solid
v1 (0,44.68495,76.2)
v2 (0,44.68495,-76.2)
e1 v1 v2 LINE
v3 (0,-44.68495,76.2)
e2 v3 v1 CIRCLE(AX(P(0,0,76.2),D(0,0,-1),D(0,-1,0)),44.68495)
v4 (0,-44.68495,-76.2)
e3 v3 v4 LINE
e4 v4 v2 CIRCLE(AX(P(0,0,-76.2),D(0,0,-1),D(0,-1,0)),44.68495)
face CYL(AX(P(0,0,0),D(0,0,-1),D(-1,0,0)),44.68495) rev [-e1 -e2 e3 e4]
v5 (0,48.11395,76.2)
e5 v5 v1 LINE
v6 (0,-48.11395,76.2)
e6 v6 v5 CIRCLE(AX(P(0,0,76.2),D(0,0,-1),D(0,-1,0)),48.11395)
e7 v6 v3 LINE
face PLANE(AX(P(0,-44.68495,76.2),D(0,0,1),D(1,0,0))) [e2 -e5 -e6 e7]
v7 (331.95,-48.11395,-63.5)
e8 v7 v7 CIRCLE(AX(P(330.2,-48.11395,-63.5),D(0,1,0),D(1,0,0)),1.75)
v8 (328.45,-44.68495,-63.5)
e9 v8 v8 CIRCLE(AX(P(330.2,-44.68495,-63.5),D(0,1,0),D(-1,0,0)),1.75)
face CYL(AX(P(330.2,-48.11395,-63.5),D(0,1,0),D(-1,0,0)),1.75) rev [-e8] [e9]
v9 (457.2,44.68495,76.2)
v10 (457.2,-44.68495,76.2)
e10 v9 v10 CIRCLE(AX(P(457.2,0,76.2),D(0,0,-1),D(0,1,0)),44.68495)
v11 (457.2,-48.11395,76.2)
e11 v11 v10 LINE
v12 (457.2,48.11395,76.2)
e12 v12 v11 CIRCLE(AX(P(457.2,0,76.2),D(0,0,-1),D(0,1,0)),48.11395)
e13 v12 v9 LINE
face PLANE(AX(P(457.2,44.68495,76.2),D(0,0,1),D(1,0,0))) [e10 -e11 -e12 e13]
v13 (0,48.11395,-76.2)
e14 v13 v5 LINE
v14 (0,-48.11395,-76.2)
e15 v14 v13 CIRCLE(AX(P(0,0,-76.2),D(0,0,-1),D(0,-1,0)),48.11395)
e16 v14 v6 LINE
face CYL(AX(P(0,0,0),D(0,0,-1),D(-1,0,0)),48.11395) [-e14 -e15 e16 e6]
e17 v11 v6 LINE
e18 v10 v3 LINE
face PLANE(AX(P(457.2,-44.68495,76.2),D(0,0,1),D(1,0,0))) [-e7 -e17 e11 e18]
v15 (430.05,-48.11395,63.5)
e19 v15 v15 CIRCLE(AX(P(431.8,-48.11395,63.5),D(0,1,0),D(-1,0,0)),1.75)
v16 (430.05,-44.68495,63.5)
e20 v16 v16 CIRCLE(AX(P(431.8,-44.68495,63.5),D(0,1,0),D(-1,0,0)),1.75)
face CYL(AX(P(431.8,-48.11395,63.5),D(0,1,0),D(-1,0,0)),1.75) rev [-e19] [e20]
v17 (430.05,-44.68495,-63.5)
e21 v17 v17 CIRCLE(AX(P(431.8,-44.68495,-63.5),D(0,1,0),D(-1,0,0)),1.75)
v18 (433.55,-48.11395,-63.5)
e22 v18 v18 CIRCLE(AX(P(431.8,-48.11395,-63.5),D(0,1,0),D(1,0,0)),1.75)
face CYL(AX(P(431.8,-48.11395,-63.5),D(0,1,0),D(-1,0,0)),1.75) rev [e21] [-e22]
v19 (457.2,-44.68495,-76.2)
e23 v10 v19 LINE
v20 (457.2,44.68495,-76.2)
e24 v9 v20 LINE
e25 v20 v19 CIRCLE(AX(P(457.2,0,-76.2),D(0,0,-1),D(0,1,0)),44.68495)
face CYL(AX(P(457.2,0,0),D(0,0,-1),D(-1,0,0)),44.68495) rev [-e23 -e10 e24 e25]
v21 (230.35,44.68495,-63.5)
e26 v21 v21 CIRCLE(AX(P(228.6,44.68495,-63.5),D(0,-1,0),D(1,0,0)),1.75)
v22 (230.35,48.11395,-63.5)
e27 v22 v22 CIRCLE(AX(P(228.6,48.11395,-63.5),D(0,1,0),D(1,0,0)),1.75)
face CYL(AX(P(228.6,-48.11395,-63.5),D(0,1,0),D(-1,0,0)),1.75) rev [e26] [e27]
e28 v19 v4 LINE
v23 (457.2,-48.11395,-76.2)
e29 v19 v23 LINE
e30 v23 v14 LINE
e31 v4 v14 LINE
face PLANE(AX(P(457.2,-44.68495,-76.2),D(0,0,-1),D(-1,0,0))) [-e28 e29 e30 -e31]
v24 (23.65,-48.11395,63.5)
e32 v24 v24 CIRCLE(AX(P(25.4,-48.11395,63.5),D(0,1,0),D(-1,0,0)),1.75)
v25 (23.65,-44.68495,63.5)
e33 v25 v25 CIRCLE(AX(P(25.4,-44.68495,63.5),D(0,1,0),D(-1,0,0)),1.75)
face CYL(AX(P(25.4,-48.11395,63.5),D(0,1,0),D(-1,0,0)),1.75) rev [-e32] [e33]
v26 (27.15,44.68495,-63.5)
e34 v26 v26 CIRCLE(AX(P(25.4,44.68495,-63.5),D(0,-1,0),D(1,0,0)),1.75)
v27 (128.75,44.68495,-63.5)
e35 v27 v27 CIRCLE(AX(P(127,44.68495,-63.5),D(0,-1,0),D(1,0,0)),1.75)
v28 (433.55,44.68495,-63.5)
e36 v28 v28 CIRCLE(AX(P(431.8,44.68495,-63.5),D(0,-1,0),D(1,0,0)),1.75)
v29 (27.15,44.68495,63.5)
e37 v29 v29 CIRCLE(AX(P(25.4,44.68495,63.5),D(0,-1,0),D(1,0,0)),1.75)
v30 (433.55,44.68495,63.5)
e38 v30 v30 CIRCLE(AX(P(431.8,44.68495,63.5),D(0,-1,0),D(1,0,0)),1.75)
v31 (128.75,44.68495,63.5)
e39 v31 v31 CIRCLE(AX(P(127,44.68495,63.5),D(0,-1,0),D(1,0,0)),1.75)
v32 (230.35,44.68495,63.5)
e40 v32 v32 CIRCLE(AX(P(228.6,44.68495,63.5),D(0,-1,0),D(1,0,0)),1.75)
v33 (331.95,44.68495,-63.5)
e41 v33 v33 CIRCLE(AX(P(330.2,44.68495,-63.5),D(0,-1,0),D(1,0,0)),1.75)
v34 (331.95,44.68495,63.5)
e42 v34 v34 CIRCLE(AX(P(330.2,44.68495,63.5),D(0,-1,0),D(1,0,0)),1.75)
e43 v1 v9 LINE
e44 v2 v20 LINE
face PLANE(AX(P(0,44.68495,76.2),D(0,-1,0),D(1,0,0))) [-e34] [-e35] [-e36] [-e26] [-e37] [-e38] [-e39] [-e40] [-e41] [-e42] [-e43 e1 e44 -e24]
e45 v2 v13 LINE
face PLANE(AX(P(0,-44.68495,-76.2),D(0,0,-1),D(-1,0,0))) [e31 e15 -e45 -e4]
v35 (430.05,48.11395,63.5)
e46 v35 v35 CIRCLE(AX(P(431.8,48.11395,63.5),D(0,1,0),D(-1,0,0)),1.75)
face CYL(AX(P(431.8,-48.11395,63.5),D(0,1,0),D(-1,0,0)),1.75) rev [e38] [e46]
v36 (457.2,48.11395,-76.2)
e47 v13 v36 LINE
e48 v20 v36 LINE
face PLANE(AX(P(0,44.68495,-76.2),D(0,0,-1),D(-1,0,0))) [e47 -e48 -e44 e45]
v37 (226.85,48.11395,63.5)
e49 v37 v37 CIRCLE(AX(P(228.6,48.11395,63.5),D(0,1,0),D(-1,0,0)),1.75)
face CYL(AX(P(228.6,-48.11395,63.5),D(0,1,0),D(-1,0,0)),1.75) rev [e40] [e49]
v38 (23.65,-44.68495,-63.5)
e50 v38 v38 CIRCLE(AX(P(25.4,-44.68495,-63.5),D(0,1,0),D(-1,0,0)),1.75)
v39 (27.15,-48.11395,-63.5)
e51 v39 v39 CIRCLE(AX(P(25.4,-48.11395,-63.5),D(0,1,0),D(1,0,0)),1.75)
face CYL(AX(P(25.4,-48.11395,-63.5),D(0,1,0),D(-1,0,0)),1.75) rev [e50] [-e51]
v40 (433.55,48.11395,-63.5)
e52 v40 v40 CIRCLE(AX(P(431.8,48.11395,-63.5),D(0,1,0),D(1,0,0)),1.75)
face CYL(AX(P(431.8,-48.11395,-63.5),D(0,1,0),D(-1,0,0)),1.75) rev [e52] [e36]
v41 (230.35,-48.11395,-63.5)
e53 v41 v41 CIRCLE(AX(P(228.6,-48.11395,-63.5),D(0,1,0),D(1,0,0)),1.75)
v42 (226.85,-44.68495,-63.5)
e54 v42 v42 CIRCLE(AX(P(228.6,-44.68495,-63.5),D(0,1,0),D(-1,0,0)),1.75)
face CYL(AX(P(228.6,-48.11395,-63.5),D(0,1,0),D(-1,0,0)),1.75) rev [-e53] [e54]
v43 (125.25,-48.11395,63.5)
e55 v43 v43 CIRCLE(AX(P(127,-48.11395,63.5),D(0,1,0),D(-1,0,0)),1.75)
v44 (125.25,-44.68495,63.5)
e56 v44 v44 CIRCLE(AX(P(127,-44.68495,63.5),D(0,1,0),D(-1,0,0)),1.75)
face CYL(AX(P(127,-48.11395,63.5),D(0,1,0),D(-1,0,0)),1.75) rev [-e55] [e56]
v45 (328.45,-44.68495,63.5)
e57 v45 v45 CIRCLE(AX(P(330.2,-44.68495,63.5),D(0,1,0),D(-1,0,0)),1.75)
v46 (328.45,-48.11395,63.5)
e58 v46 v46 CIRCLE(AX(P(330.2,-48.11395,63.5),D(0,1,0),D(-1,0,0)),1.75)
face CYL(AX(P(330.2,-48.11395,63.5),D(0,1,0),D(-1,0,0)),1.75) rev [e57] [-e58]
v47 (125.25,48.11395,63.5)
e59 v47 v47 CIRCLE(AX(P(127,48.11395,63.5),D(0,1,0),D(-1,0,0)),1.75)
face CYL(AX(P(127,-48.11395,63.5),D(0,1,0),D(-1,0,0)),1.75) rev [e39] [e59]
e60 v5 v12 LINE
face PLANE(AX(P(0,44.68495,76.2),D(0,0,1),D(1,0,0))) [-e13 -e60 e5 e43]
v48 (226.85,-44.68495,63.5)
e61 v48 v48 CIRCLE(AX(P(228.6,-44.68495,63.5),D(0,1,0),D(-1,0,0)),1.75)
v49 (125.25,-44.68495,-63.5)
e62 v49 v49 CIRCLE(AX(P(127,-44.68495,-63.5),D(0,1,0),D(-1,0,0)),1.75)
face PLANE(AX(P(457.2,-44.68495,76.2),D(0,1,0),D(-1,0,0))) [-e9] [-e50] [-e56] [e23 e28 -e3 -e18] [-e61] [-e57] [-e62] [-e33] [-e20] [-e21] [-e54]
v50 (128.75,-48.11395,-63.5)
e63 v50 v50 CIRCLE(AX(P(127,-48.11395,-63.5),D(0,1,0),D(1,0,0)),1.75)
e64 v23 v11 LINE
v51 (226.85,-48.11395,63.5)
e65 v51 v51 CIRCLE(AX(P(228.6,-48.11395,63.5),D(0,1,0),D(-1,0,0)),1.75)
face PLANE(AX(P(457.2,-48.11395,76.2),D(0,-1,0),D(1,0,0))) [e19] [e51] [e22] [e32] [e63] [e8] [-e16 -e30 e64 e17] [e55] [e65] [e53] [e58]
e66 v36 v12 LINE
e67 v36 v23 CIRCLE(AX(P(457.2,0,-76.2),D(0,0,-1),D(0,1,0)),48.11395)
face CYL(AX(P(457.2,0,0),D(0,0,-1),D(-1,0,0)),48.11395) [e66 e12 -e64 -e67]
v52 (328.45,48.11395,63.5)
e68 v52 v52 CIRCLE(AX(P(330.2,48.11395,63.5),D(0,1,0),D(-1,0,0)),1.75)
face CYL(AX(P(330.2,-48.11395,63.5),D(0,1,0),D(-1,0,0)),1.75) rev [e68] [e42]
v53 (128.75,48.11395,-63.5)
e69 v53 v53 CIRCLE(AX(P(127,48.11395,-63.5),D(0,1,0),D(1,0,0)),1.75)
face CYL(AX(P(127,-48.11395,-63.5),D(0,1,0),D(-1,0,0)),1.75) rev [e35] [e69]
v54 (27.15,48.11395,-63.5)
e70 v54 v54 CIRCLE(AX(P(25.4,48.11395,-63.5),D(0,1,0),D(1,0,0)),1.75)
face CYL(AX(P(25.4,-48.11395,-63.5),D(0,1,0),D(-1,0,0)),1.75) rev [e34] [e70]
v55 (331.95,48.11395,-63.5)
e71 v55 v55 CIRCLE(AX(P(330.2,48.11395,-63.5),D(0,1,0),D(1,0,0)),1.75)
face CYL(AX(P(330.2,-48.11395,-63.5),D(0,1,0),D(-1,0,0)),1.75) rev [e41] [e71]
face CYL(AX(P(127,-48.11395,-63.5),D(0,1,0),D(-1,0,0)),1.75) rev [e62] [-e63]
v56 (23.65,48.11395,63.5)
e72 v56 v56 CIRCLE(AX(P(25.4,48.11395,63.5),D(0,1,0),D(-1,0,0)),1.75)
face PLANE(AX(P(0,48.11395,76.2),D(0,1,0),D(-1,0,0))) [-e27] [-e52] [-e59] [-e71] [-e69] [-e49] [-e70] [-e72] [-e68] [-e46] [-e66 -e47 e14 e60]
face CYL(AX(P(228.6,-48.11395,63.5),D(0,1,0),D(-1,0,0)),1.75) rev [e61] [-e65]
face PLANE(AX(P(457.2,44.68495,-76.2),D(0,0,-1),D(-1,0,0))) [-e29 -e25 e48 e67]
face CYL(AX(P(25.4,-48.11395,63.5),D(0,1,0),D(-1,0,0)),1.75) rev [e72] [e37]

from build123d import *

# Parameters (mm, degrees)
SKETCH2_W          = 152.4
SKETCH2_H          = 3.429
SKETCH3_R          = 1.75
CUT_EXTRUDE1_DEPTH = 521.008112247


with BuildPart() as part:
    # Sweep1: sweep along a path in Sketch1
    with BuildLine(Plane.XY) as sweep1_path:
        Line((0, 46.39945), (457.2, 46.39945))
        ThreePointArc((457.2, 46.39945), (503.59945, 0), (457.2, -46.39945))
        Line((457.2, -46.39945), (0, -46.39945))
        ThreePointArc((0, -46.39945), (-46.39945, 0), (0, 46.39945))
    # Sketch2 → Sweep1 (sweep)
    with BuildSketch(Plane(origin=(0, 0, 0), x_dir=(0, 0, -1), z_dir=(1, 0, 0))):
        with Locations((0, 46.39945)):
            Rectangle(SKETCH2_W, SKETCH2_H)
    sweep(path=sweep1_path.line)

    # Sketch3 → Cut-Extrude1 (cut, through all)
    with BuildSketch(Plane(origin=(0, 48.11395, 0), x_dir=(1, 0, 0), z_dir=(0, 1, 0))):
        with Locations(Location((25.4, -63.5, 0), (0, 0, 180))):
            Circle(SKETCH3_R)
        with Locations((25.4, 63.5)):
            Circle(SKETCH3_R)
        with Locations(Location((127, -63.5, 0), (0, 0, 180))):
            Circle(SKETCH3_R)
        with Locations((127, 63.5)):
            Circle(SKETCH3_R)
        with Locations(Location((228.6, -63.5, 0), (0, 0, 180))):
            Circle(SKETCH3_R)
        with Locations((228.6, 63.5)):
            Circle(SKETCH3_R)
        with Locations(Location((330.2, -63.5, 0), (0, 0, 180))):
            Circle(SKETCH3_R)
        with Locations((330.2, 63.5)):
            Circle(SKETCH3_R)
        with Locations(Location((431.8, -63.5, 0), (0, 0, 180))):
            Circle(SKETCH3_R)
        with Locations((431.8, 63.5)):
            Circle(SKETCH3_R)
        with Locations((533.4, -63.5)):
            Circle(SKETCH3_R)
        with Locations((533.4, 63.5)):
            Circle(SKETCH3_R)
    extrude(amount=-CUT_EXTRUDE1_DEPTH, mode=Mode.SUBTRACT)


solid = part.part
